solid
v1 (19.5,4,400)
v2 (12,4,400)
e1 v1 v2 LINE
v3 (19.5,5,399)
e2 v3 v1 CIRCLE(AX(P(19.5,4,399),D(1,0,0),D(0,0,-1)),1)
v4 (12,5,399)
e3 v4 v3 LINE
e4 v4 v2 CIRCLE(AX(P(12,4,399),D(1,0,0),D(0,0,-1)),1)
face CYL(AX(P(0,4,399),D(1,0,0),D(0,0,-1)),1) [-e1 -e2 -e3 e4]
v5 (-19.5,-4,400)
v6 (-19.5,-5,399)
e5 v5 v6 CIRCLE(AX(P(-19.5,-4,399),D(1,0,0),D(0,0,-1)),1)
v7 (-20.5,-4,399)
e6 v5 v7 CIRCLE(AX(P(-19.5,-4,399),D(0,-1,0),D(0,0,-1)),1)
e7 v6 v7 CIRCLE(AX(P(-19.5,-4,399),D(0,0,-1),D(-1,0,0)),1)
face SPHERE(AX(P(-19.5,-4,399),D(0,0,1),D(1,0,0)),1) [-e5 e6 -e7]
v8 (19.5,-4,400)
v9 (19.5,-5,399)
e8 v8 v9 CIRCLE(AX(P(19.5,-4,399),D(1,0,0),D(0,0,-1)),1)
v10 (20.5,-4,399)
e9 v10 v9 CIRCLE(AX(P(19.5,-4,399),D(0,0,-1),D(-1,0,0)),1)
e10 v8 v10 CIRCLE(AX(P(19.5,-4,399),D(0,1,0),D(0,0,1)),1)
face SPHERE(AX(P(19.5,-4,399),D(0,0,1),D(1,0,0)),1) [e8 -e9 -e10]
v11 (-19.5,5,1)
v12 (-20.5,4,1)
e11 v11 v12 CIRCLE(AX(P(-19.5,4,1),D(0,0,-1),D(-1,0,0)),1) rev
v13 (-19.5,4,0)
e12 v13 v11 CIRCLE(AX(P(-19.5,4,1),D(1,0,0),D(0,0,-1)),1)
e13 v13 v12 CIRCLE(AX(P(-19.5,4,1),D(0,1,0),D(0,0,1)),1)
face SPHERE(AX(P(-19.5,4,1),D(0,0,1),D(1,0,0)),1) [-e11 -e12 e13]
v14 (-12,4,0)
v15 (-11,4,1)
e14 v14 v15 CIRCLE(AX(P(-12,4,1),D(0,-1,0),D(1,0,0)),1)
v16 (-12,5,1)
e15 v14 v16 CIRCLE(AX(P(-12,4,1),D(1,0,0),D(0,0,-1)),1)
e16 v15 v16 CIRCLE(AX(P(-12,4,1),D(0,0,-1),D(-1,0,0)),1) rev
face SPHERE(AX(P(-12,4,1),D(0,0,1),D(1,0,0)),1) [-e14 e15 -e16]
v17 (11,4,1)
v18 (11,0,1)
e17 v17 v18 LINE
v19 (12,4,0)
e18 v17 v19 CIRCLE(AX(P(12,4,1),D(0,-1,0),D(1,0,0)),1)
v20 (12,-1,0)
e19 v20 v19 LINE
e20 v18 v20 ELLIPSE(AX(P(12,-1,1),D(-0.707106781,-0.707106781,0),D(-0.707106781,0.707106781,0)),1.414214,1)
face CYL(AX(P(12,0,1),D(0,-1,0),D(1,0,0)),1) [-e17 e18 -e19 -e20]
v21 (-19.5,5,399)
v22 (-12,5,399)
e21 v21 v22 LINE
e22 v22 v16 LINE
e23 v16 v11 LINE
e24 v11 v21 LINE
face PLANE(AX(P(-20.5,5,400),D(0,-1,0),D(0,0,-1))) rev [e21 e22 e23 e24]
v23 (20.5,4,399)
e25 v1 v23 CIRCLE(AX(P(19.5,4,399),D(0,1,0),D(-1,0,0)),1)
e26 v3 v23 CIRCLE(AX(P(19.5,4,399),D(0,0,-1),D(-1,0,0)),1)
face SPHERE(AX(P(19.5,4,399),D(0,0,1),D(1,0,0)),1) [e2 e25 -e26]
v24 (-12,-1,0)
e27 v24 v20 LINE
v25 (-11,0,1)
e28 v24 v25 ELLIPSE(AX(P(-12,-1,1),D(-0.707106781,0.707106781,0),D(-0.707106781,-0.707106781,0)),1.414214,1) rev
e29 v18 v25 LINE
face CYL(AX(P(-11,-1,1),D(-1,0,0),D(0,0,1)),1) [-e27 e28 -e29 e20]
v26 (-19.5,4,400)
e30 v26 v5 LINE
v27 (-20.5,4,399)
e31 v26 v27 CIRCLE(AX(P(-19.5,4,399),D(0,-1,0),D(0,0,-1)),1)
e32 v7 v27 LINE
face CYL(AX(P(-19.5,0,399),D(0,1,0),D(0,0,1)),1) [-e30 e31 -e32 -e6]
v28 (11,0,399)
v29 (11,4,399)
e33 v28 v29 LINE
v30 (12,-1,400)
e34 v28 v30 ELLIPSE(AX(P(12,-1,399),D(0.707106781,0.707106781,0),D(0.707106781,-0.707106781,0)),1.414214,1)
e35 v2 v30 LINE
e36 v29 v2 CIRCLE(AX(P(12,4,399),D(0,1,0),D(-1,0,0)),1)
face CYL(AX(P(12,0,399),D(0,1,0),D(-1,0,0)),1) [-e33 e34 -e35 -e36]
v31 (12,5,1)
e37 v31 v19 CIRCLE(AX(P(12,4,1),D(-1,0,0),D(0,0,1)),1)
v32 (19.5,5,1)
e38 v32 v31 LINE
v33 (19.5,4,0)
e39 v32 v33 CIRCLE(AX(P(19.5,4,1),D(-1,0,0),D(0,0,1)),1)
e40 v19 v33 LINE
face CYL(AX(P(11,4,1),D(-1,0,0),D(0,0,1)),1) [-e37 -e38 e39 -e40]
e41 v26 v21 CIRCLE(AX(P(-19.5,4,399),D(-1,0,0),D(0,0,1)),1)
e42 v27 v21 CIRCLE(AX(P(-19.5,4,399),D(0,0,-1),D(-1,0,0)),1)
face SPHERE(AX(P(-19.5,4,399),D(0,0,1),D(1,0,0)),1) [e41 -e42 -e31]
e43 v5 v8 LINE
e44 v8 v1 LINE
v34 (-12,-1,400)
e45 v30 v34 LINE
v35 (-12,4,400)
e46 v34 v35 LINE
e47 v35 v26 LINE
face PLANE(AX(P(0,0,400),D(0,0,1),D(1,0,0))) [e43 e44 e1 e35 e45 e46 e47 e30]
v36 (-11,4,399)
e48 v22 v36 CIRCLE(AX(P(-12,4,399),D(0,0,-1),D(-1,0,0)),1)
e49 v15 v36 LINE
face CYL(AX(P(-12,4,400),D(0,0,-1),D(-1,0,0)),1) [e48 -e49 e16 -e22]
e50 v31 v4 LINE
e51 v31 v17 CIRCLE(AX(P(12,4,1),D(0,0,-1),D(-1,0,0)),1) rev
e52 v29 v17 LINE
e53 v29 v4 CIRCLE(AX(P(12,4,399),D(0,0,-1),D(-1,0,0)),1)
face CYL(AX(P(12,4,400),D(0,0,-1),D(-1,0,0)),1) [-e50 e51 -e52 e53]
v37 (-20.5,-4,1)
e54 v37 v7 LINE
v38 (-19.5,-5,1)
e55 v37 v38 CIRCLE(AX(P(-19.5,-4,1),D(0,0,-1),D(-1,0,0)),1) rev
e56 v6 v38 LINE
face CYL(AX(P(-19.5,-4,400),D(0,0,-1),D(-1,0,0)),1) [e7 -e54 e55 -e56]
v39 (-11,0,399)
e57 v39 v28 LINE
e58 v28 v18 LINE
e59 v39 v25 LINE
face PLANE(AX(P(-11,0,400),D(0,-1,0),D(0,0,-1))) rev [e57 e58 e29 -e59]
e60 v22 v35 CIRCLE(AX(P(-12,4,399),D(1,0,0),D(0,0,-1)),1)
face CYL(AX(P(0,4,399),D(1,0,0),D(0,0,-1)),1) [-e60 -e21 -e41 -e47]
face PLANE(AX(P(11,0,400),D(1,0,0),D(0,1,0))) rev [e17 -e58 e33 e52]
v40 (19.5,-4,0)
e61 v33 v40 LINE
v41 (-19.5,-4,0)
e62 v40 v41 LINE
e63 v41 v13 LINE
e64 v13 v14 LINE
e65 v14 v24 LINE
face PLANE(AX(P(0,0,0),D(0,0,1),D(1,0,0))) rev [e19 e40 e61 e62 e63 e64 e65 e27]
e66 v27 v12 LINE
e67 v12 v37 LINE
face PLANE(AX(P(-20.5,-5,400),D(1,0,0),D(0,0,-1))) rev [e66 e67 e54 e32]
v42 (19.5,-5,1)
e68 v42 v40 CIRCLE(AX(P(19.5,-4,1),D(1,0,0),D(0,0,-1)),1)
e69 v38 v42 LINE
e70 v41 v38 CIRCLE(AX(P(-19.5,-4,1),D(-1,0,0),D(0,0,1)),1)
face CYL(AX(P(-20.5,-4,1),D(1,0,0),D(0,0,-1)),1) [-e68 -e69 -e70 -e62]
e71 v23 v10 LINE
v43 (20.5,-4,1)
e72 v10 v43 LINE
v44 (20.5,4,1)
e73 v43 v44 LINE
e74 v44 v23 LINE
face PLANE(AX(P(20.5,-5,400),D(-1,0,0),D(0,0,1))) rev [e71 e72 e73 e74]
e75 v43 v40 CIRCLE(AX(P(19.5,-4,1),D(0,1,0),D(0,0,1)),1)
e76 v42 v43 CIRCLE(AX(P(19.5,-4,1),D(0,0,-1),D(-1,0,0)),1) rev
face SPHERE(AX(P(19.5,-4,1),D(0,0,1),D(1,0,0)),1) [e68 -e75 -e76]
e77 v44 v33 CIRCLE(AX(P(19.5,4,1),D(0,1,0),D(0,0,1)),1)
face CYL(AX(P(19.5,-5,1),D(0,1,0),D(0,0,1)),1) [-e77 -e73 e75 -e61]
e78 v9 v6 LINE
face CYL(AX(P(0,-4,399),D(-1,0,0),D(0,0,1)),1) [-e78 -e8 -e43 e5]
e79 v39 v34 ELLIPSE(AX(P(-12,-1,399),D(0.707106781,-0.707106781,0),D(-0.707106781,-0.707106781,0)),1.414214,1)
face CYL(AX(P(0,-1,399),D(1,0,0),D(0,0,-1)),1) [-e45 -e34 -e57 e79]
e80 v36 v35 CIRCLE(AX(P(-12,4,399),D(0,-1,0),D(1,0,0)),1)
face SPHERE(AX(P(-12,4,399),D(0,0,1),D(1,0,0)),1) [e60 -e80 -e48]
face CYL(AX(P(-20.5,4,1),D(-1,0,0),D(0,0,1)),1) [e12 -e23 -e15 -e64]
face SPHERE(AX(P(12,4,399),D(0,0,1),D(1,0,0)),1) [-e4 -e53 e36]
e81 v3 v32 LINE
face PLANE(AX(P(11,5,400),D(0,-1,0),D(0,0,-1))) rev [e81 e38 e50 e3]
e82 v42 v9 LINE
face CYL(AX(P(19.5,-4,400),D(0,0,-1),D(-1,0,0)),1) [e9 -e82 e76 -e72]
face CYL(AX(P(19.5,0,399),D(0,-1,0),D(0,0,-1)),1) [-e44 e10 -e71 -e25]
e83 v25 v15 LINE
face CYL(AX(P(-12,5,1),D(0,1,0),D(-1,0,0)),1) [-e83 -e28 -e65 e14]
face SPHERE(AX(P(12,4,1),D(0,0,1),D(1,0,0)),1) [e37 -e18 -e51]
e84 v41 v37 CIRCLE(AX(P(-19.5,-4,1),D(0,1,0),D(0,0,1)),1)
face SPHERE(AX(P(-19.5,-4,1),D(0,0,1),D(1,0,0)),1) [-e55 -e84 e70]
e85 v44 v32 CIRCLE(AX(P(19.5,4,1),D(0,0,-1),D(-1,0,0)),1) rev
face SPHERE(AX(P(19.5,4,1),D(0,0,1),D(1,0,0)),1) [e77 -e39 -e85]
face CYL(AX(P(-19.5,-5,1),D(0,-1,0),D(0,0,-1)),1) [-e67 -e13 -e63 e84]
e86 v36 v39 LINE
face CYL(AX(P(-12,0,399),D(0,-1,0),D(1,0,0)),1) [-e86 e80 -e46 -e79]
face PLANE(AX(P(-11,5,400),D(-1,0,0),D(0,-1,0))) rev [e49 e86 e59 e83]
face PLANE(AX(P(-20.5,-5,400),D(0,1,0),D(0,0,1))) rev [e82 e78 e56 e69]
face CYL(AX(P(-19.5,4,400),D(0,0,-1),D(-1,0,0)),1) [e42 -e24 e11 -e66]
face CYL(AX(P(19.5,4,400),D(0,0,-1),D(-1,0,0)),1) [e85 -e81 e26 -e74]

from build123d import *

# Parameters (mm, degrees)
BOSS_EXTRUDE1_DEPTH = 400
FILLET1_R           = 1
FILLET2_R           = 1


with BuildPart() as part:
    # Sketch1 → Boss-Extrude1 (new body)
    with BuildSketch(Plane.XY):
        Polygon((-11, 5), (-11, 0), (11, 0), (11, 5), (20.5, 5), (20.5, -5), (-20.5, -5), (-20.5, 5), align=None)
    extrude(amount=BOSS_EXTRUDE1_DEPTH)

    # Fillet1
    fillet1_edges = [part.edges().sort_by_distance(p)[0] for p in [
        (20.5, 5, 200),
        (20.5, -5, 200),
        (-20.5, -5, 200),
        (-20.5, 5, 200),
        (-11, 5, 200),
        (11, 5, 200),
    ]]
    fillet(fillet1_edges, radius=FILLET1_R)

    # Fillet2
    fillet2_edges = [part.edges().sort_by_distance(p)[0] for p in [
        (0, 0, 400),
        (-11, 2, 400),
        (11, 2, 0),
        (11, 2, 400),
        (15.75, 5, 0),
        (20.5, 0, 0),
        (0, -5, 0),
        (-20.5, 0, 0),
        (-15.75, 5, 0),
        (20.207106781, 4.707106781, 0),
        (-20.207106781, 4.707106781, 0),
        (-20.207106781, -4.707106781, 0),
        (20.207106781, -4.707106781, 0),
        (-11.292893219, 4.707106781, 0),
        (11.292893219, 4.707106781, 0),
        (15.75, 5, 400),
        (-15.75, 5, 400),
        (-20.5, 0, 400),
        (0, -5, 400),
        (20.5, 0, 400),
        (20.207106781, 4.707106781, 400),
        (-20.207106781, 4.707106781, 400),
        (-20.207106781, -4.707106781, 400),
        (20.207106781, -4.707106781, 400),
        (-11.292893219, 4.707106781, 400),
        (11.292893219, 4.707106781, 400),
        (-11, 2, 0),
        (0, 0, 0),
    ]]
    fillet(fillet2_edges, radius=FILLET2_R)


solid = part.part
